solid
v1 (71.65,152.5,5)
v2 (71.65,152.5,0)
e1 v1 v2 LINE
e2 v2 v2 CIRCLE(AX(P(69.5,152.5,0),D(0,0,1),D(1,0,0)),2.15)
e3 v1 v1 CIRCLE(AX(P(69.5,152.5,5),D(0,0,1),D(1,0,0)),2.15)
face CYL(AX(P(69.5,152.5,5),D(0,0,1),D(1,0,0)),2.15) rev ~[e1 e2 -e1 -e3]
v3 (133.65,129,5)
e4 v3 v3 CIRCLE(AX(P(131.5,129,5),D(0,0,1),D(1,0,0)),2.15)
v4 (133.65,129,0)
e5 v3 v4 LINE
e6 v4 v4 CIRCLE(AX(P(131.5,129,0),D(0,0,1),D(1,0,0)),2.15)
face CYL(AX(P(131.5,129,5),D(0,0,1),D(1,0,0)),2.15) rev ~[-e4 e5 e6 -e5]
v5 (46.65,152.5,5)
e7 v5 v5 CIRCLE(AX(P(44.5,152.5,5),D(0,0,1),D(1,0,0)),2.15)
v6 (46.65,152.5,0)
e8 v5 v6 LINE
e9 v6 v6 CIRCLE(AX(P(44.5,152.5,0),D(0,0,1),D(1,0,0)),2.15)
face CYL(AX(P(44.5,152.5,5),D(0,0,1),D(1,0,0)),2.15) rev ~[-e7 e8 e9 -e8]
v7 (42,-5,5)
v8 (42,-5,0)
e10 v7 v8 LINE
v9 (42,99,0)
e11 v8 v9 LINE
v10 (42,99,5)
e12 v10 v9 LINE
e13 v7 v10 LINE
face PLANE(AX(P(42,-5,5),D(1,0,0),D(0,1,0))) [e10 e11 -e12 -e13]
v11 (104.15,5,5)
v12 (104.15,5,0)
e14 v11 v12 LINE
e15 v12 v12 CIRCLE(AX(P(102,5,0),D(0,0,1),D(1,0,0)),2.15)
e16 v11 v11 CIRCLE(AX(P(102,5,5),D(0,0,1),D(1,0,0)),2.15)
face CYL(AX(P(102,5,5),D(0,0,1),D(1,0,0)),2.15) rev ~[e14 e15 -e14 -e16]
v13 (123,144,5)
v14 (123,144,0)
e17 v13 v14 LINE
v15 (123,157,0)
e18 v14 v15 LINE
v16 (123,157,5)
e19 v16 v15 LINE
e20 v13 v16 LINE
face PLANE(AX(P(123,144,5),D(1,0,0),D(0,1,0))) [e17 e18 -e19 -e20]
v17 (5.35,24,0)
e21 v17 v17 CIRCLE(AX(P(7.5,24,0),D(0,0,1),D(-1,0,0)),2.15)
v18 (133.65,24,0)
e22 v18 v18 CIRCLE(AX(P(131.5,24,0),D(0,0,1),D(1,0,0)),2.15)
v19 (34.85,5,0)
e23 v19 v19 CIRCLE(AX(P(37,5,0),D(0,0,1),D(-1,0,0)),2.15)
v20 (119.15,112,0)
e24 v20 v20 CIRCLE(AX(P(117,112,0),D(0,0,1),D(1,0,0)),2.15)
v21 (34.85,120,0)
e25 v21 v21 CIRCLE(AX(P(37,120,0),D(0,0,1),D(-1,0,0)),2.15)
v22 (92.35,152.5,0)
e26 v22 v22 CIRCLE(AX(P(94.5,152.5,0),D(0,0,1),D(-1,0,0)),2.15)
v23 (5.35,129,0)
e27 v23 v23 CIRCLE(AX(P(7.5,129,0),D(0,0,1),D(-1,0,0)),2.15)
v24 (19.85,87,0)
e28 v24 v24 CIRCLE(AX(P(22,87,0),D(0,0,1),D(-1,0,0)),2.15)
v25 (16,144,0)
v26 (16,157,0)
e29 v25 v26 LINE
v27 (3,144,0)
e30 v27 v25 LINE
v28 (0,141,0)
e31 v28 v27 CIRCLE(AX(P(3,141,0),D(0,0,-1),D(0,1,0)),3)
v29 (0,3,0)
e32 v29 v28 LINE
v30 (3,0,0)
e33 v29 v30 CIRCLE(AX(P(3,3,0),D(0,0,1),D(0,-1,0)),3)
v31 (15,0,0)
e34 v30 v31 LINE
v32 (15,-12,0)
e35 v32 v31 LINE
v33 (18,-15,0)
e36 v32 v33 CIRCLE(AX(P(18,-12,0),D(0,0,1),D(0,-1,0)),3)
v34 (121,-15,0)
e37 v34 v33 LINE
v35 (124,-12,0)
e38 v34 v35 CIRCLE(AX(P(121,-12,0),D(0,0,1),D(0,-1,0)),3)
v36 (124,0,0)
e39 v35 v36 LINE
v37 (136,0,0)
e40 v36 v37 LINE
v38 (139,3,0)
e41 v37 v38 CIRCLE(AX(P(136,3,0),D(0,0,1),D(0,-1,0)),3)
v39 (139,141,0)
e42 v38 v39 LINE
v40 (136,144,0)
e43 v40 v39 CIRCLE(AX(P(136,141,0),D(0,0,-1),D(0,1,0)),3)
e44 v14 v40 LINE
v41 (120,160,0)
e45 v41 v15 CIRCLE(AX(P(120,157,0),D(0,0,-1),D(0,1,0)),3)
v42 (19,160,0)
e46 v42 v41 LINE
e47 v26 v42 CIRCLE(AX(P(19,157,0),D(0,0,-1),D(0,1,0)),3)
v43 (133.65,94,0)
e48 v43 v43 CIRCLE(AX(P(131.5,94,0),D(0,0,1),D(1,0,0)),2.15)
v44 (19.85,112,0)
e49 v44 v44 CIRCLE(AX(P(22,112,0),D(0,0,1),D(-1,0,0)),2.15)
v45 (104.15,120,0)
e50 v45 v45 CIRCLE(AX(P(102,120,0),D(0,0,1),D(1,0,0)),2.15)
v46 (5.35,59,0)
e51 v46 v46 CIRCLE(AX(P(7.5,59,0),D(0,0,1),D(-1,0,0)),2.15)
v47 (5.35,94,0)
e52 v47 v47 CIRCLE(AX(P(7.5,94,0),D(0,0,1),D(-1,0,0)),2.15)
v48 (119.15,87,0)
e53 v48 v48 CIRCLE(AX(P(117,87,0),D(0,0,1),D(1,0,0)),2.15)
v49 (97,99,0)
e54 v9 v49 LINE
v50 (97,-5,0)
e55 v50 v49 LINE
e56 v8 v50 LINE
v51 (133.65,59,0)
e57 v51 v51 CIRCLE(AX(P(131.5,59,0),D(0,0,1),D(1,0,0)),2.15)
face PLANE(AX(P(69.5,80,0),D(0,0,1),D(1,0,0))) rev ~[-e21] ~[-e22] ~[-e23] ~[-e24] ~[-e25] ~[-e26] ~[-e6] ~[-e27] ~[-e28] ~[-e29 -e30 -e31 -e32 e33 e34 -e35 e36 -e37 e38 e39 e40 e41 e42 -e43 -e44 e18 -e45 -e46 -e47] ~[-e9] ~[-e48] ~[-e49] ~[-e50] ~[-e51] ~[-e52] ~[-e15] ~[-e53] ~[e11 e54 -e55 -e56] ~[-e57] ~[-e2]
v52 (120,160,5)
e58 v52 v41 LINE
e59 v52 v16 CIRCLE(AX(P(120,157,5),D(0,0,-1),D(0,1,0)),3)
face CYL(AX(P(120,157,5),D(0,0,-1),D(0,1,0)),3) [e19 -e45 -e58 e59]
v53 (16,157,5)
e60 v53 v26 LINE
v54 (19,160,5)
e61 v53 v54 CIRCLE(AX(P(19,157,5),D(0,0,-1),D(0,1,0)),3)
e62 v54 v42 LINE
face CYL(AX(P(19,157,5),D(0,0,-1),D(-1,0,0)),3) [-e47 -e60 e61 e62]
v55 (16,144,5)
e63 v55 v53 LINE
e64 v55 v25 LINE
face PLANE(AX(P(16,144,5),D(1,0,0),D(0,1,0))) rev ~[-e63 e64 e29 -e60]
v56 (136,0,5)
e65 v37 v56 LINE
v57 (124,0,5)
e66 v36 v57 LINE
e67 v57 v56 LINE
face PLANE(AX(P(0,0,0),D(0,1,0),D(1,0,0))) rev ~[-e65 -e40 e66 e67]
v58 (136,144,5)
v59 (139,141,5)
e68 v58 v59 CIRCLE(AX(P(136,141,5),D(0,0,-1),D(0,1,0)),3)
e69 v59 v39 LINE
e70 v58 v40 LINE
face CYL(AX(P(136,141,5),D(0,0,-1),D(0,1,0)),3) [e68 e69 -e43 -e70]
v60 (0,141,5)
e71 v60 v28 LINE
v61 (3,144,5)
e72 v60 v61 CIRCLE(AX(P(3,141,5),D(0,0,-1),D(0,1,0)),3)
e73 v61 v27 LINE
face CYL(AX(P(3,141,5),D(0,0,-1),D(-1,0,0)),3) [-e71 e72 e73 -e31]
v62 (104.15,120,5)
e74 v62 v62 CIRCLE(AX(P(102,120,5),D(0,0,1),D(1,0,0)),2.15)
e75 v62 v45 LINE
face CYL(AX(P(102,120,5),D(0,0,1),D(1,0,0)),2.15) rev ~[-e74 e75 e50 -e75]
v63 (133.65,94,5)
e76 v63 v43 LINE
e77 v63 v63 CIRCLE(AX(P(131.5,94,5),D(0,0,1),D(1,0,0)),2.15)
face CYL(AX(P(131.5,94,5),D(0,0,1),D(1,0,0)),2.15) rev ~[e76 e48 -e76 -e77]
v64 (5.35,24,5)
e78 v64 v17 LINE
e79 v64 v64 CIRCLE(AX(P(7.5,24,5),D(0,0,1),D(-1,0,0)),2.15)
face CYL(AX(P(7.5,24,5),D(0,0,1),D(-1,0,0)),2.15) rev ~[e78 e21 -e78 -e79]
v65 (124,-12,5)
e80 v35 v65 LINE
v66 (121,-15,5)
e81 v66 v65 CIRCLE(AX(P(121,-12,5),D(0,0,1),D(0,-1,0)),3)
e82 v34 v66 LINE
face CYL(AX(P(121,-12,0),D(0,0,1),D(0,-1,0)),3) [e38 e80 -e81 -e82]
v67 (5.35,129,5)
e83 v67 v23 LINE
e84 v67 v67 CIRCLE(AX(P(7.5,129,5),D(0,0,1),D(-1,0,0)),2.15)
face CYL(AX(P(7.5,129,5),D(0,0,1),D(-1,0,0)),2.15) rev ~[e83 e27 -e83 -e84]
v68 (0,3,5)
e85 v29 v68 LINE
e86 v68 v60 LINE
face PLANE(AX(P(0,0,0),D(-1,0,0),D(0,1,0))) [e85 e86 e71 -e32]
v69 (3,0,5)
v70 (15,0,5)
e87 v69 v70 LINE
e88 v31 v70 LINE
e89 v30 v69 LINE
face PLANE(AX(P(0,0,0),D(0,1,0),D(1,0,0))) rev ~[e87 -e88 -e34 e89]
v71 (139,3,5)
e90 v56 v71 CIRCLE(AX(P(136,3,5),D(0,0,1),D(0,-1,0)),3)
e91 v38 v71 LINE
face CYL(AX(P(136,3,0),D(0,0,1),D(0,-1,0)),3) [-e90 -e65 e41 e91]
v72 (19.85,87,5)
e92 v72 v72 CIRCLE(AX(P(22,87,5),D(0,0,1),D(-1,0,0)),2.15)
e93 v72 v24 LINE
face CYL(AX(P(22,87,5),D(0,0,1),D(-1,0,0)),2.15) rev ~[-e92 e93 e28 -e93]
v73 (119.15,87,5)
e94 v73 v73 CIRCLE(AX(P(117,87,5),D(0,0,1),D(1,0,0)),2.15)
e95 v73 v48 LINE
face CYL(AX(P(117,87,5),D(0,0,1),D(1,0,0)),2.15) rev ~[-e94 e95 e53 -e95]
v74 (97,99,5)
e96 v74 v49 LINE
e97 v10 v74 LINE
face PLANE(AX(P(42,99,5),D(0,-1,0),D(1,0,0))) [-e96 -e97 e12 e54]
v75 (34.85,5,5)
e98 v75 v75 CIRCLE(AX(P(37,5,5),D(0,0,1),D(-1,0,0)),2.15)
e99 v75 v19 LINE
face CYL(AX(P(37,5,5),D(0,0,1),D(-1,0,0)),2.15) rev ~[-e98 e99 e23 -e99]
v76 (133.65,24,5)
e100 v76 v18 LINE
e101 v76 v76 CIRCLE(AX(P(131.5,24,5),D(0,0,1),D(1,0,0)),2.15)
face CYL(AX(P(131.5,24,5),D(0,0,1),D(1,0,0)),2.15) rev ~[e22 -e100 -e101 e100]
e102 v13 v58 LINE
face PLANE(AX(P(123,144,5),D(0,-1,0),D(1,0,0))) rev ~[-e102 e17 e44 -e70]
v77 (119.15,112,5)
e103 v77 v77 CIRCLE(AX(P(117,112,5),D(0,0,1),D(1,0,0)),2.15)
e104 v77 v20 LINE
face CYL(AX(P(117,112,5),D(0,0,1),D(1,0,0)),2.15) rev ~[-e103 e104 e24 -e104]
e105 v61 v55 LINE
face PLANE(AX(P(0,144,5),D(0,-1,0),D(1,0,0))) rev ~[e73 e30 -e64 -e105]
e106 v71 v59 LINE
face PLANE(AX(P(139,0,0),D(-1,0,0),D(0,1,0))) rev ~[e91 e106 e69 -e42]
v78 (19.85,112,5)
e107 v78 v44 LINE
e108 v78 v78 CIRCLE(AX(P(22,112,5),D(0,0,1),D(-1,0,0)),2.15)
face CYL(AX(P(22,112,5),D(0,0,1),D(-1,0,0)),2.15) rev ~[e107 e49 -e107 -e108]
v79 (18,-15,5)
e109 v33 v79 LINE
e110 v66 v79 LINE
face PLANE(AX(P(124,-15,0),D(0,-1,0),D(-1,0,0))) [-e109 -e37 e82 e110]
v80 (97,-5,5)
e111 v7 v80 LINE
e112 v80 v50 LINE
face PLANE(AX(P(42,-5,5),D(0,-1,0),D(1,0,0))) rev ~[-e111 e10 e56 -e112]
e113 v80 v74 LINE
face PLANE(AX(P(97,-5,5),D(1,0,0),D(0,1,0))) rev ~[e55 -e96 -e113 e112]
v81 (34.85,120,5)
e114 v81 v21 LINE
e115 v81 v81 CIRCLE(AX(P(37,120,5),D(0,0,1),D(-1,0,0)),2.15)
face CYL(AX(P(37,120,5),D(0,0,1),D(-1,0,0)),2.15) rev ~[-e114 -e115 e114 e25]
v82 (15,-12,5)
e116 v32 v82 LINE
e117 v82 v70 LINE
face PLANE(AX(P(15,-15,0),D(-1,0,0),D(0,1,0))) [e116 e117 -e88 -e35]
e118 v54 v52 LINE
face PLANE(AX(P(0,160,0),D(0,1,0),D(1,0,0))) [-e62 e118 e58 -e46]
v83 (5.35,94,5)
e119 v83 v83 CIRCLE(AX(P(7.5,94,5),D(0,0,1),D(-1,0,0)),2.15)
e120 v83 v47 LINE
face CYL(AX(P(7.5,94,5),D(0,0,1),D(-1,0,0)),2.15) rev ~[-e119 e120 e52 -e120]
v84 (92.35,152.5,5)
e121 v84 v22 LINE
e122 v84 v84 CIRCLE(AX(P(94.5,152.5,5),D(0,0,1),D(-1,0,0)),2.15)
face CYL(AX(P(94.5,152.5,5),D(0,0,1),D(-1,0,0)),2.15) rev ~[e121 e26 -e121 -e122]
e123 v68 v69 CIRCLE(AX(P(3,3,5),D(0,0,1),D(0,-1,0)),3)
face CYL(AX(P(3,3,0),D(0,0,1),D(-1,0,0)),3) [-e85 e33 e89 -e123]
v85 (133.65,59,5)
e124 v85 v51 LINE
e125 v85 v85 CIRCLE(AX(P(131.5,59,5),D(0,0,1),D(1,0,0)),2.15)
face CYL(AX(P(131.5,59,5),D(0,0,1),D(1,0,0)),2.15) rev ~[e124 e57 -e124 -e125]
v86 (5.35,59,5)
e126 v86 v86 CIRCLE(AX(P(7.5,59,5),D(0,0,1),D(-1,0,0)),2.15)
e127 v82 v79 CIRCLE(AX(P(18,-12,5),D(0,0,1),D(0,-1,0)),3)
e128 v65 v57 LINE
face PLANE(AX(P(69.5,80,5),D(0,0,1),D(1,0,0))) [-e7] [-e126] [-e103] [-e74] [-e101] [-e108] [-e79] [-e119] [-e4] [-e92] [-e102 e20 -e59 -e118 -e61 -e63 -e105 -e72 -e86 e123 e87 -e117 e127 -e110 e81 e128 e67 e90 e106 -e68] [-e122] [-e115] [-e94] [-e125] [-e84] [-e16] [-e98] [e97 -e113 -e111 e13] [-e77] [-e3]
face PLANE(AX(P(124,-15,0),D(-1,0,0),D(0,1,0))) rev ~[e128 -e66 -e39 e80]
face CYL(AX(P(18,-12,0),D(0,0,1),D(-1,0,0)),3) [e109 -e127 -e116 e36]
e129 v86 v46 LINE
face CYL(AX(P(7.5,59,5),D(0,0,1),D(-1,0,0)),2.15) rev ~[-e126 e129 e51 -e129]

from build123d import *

# Parameters (mm, degrees)
SKETCH1_W           = 139
SKETCH1_H           = 160
BOSS_EXTRUDE1_DEPTH = 5
SKETCH2_W           = 16
SKETCH2_H           = 16
CUT_EXTRUDE1_DEPTH  = 5
SKETCH3_R           = 2.15
CUT_EXTRUDE2_DEPTH  = 5
SKETCH4_R           = 2.15
CUT_EXTRUDE3_DEPTH  = 5
LPATTERN1_COUNT     = 4
LPATTERN1_PITCH     = 35
SKETCH5_R           = 2.15
CUT_EXTRUDE4_DEPTH  = 5
SKETCH6_W           = 109
SKETCH6_H           = 15
BOSS_EXTRUDE2_DEPTH = 5
SKETCH7_W           = 55
SKETCH7_H           = 104
CUT_EXTRUDE5_DEPTH  = 5
SKETCH8_R           = 2.15
CUT_EXTRUDE6_DEPTH  = 5
FILLET1_R           = 3


with BuildPart() as part:
    # Sketch1 → Boss-Extrude1 (new body)
    with BuildSketch(Plane.XY):
        with Locations((69.5, 80)):
            Rectangle(SKETCH1_W, SKETCH1_H)
    extrude(amount=BOSS_EXTRUDE1_DEPTH)

    # Sketch2 → Cut-Extrude1 (cut)
    with BuildSketch(Plane.XY.offset(5)):
        with Locations((131, 152)):
            Rectangle(SKETCH2_W, SKETCH2_H)
        with Locations((8, 152)):
            Rectangle(SKETCH2_W, SKETCH2_H)
    extrude(amount=-CUT_EXTRUDE1_DEPTH, mode=Mode.SUBTRACT)

    # Sketch3 → Cut-Extrude2 (cut)
    with BuildSketch(Plane.XY.offset(5)):
        with Locations((69.5, 152.5)):
            Circle(SKETCH3_R)
        with Locations((44.5, 152.5)):
            Circle(SKETCH3_R)
        with Locations(Location((94.5, 152.5, 0), (0, 0, 180))):
            Circle(SKETCH3_R)
    extrude(amount=-CUT_EXTRUDE2_DEPTH, mode=Mode.SUBTRACT)

    # Sketch4 → Cut-Extrude3 (cut)
    with BuildSketch(Plane.XY.offset(5)):
        with Locations((131.5, 129)):
            Circle(SKETCH4_R)
        with Locations(Location((7.5, 129, 0), (0, 0, 180))):
            Circle(SKETCH4_R)
    cut_extrude3 = extrude(amount=-CUT_EXTRUDE3_DEPTH, mode=Mode.SUBTRACT)

    # LPattern1: Cut-Extrude3 ×4
    with Locations(*[(0, -i * LPATTERN1_PITCH, 0) for i in range(1, LPATTERN1_COUNT)]):
        add(cut_extrude3, mode=Mode.SUBTRACT)

    # Sketch5 → Cut-Extrude4 (cut)
    with BuildSketch(Plane.XY.offset(5)):
        with Locations((117, 112)):
            Circle(SKETCH5_R)
        with Locations((117, 87)):
            Circle(SKETCH5_R)
        with Locations(Location((22, 87, 0), (0, 0, 180))):
            Circle(SKETCH5_R)
        with Locations(Location((22, 112, 0), (0, 0, 180))):
            Circle(SKETCH5_R)
    extrude(amount=-CUT_EXTRUDE4_DEPTH, mode=Mode.SUBTRACT)

    # Sketch6 → Boss-Extrude2 (add)
    with BuildSketch(Plane(origin=(0, 0, 0), x_dir=(-1, 0, 0), z_dir=(0, 0, -1))):
        with Locations((-69.5, -7.5)):
            Rectangle(SKETCH6_W, SKETCH6_H)
    extrude(amount=-BOSS_EXTRUDE2_DEPTH)

    # Sketch7 → Cut-Extrude5 (cut)
    with BuildSketch(Plane.XY.offset(5)):
        with Locations((69.5, 47)):
            Rectangle(SKETCH7_W, SKETCH7_H)
    extrude(amount=-CUT_EXTRUDE5_DEPTH, mode=Mode.SUBTRACT)

    # Sketch8 → Cut-Extrude6 (cut)
    with BuildSketch(Plane.XY.offset(5)):
        with Locations((102, 5)):
            Circle(SKETCH8_R)
        with Locations((102, 120)):
            Circle(SKETCH8_R)
        with Locations(Location((37, 120, 0), (0, 0, 180))):
            Circle(SKETCH8_R)
        with Locations(Location((37, 5, 0), (0, 0, 180))):
            Circle(SKETCH8_R)
    extrude(amount=-CUT_EXTRUDE6_DEPTH, mode=Mode.SUBTRACT)

    # Fillet1
    fillet1_edges = [part.edges().sort_by_distance(p)[0] for p in [
        (124, -15, 2.5),
        (15, -15, 2.5),
        (139, 144, 2.5),
        (123, 160, 2.5),
        (16, 160, 2.5),
        (0, 144, 2.5),
        (139, 0, 2.5),
        (0, 0, 2.5),
    ]]
    fillet(fillet1_edges, radius=FILLET1_R)


solid = part.part
